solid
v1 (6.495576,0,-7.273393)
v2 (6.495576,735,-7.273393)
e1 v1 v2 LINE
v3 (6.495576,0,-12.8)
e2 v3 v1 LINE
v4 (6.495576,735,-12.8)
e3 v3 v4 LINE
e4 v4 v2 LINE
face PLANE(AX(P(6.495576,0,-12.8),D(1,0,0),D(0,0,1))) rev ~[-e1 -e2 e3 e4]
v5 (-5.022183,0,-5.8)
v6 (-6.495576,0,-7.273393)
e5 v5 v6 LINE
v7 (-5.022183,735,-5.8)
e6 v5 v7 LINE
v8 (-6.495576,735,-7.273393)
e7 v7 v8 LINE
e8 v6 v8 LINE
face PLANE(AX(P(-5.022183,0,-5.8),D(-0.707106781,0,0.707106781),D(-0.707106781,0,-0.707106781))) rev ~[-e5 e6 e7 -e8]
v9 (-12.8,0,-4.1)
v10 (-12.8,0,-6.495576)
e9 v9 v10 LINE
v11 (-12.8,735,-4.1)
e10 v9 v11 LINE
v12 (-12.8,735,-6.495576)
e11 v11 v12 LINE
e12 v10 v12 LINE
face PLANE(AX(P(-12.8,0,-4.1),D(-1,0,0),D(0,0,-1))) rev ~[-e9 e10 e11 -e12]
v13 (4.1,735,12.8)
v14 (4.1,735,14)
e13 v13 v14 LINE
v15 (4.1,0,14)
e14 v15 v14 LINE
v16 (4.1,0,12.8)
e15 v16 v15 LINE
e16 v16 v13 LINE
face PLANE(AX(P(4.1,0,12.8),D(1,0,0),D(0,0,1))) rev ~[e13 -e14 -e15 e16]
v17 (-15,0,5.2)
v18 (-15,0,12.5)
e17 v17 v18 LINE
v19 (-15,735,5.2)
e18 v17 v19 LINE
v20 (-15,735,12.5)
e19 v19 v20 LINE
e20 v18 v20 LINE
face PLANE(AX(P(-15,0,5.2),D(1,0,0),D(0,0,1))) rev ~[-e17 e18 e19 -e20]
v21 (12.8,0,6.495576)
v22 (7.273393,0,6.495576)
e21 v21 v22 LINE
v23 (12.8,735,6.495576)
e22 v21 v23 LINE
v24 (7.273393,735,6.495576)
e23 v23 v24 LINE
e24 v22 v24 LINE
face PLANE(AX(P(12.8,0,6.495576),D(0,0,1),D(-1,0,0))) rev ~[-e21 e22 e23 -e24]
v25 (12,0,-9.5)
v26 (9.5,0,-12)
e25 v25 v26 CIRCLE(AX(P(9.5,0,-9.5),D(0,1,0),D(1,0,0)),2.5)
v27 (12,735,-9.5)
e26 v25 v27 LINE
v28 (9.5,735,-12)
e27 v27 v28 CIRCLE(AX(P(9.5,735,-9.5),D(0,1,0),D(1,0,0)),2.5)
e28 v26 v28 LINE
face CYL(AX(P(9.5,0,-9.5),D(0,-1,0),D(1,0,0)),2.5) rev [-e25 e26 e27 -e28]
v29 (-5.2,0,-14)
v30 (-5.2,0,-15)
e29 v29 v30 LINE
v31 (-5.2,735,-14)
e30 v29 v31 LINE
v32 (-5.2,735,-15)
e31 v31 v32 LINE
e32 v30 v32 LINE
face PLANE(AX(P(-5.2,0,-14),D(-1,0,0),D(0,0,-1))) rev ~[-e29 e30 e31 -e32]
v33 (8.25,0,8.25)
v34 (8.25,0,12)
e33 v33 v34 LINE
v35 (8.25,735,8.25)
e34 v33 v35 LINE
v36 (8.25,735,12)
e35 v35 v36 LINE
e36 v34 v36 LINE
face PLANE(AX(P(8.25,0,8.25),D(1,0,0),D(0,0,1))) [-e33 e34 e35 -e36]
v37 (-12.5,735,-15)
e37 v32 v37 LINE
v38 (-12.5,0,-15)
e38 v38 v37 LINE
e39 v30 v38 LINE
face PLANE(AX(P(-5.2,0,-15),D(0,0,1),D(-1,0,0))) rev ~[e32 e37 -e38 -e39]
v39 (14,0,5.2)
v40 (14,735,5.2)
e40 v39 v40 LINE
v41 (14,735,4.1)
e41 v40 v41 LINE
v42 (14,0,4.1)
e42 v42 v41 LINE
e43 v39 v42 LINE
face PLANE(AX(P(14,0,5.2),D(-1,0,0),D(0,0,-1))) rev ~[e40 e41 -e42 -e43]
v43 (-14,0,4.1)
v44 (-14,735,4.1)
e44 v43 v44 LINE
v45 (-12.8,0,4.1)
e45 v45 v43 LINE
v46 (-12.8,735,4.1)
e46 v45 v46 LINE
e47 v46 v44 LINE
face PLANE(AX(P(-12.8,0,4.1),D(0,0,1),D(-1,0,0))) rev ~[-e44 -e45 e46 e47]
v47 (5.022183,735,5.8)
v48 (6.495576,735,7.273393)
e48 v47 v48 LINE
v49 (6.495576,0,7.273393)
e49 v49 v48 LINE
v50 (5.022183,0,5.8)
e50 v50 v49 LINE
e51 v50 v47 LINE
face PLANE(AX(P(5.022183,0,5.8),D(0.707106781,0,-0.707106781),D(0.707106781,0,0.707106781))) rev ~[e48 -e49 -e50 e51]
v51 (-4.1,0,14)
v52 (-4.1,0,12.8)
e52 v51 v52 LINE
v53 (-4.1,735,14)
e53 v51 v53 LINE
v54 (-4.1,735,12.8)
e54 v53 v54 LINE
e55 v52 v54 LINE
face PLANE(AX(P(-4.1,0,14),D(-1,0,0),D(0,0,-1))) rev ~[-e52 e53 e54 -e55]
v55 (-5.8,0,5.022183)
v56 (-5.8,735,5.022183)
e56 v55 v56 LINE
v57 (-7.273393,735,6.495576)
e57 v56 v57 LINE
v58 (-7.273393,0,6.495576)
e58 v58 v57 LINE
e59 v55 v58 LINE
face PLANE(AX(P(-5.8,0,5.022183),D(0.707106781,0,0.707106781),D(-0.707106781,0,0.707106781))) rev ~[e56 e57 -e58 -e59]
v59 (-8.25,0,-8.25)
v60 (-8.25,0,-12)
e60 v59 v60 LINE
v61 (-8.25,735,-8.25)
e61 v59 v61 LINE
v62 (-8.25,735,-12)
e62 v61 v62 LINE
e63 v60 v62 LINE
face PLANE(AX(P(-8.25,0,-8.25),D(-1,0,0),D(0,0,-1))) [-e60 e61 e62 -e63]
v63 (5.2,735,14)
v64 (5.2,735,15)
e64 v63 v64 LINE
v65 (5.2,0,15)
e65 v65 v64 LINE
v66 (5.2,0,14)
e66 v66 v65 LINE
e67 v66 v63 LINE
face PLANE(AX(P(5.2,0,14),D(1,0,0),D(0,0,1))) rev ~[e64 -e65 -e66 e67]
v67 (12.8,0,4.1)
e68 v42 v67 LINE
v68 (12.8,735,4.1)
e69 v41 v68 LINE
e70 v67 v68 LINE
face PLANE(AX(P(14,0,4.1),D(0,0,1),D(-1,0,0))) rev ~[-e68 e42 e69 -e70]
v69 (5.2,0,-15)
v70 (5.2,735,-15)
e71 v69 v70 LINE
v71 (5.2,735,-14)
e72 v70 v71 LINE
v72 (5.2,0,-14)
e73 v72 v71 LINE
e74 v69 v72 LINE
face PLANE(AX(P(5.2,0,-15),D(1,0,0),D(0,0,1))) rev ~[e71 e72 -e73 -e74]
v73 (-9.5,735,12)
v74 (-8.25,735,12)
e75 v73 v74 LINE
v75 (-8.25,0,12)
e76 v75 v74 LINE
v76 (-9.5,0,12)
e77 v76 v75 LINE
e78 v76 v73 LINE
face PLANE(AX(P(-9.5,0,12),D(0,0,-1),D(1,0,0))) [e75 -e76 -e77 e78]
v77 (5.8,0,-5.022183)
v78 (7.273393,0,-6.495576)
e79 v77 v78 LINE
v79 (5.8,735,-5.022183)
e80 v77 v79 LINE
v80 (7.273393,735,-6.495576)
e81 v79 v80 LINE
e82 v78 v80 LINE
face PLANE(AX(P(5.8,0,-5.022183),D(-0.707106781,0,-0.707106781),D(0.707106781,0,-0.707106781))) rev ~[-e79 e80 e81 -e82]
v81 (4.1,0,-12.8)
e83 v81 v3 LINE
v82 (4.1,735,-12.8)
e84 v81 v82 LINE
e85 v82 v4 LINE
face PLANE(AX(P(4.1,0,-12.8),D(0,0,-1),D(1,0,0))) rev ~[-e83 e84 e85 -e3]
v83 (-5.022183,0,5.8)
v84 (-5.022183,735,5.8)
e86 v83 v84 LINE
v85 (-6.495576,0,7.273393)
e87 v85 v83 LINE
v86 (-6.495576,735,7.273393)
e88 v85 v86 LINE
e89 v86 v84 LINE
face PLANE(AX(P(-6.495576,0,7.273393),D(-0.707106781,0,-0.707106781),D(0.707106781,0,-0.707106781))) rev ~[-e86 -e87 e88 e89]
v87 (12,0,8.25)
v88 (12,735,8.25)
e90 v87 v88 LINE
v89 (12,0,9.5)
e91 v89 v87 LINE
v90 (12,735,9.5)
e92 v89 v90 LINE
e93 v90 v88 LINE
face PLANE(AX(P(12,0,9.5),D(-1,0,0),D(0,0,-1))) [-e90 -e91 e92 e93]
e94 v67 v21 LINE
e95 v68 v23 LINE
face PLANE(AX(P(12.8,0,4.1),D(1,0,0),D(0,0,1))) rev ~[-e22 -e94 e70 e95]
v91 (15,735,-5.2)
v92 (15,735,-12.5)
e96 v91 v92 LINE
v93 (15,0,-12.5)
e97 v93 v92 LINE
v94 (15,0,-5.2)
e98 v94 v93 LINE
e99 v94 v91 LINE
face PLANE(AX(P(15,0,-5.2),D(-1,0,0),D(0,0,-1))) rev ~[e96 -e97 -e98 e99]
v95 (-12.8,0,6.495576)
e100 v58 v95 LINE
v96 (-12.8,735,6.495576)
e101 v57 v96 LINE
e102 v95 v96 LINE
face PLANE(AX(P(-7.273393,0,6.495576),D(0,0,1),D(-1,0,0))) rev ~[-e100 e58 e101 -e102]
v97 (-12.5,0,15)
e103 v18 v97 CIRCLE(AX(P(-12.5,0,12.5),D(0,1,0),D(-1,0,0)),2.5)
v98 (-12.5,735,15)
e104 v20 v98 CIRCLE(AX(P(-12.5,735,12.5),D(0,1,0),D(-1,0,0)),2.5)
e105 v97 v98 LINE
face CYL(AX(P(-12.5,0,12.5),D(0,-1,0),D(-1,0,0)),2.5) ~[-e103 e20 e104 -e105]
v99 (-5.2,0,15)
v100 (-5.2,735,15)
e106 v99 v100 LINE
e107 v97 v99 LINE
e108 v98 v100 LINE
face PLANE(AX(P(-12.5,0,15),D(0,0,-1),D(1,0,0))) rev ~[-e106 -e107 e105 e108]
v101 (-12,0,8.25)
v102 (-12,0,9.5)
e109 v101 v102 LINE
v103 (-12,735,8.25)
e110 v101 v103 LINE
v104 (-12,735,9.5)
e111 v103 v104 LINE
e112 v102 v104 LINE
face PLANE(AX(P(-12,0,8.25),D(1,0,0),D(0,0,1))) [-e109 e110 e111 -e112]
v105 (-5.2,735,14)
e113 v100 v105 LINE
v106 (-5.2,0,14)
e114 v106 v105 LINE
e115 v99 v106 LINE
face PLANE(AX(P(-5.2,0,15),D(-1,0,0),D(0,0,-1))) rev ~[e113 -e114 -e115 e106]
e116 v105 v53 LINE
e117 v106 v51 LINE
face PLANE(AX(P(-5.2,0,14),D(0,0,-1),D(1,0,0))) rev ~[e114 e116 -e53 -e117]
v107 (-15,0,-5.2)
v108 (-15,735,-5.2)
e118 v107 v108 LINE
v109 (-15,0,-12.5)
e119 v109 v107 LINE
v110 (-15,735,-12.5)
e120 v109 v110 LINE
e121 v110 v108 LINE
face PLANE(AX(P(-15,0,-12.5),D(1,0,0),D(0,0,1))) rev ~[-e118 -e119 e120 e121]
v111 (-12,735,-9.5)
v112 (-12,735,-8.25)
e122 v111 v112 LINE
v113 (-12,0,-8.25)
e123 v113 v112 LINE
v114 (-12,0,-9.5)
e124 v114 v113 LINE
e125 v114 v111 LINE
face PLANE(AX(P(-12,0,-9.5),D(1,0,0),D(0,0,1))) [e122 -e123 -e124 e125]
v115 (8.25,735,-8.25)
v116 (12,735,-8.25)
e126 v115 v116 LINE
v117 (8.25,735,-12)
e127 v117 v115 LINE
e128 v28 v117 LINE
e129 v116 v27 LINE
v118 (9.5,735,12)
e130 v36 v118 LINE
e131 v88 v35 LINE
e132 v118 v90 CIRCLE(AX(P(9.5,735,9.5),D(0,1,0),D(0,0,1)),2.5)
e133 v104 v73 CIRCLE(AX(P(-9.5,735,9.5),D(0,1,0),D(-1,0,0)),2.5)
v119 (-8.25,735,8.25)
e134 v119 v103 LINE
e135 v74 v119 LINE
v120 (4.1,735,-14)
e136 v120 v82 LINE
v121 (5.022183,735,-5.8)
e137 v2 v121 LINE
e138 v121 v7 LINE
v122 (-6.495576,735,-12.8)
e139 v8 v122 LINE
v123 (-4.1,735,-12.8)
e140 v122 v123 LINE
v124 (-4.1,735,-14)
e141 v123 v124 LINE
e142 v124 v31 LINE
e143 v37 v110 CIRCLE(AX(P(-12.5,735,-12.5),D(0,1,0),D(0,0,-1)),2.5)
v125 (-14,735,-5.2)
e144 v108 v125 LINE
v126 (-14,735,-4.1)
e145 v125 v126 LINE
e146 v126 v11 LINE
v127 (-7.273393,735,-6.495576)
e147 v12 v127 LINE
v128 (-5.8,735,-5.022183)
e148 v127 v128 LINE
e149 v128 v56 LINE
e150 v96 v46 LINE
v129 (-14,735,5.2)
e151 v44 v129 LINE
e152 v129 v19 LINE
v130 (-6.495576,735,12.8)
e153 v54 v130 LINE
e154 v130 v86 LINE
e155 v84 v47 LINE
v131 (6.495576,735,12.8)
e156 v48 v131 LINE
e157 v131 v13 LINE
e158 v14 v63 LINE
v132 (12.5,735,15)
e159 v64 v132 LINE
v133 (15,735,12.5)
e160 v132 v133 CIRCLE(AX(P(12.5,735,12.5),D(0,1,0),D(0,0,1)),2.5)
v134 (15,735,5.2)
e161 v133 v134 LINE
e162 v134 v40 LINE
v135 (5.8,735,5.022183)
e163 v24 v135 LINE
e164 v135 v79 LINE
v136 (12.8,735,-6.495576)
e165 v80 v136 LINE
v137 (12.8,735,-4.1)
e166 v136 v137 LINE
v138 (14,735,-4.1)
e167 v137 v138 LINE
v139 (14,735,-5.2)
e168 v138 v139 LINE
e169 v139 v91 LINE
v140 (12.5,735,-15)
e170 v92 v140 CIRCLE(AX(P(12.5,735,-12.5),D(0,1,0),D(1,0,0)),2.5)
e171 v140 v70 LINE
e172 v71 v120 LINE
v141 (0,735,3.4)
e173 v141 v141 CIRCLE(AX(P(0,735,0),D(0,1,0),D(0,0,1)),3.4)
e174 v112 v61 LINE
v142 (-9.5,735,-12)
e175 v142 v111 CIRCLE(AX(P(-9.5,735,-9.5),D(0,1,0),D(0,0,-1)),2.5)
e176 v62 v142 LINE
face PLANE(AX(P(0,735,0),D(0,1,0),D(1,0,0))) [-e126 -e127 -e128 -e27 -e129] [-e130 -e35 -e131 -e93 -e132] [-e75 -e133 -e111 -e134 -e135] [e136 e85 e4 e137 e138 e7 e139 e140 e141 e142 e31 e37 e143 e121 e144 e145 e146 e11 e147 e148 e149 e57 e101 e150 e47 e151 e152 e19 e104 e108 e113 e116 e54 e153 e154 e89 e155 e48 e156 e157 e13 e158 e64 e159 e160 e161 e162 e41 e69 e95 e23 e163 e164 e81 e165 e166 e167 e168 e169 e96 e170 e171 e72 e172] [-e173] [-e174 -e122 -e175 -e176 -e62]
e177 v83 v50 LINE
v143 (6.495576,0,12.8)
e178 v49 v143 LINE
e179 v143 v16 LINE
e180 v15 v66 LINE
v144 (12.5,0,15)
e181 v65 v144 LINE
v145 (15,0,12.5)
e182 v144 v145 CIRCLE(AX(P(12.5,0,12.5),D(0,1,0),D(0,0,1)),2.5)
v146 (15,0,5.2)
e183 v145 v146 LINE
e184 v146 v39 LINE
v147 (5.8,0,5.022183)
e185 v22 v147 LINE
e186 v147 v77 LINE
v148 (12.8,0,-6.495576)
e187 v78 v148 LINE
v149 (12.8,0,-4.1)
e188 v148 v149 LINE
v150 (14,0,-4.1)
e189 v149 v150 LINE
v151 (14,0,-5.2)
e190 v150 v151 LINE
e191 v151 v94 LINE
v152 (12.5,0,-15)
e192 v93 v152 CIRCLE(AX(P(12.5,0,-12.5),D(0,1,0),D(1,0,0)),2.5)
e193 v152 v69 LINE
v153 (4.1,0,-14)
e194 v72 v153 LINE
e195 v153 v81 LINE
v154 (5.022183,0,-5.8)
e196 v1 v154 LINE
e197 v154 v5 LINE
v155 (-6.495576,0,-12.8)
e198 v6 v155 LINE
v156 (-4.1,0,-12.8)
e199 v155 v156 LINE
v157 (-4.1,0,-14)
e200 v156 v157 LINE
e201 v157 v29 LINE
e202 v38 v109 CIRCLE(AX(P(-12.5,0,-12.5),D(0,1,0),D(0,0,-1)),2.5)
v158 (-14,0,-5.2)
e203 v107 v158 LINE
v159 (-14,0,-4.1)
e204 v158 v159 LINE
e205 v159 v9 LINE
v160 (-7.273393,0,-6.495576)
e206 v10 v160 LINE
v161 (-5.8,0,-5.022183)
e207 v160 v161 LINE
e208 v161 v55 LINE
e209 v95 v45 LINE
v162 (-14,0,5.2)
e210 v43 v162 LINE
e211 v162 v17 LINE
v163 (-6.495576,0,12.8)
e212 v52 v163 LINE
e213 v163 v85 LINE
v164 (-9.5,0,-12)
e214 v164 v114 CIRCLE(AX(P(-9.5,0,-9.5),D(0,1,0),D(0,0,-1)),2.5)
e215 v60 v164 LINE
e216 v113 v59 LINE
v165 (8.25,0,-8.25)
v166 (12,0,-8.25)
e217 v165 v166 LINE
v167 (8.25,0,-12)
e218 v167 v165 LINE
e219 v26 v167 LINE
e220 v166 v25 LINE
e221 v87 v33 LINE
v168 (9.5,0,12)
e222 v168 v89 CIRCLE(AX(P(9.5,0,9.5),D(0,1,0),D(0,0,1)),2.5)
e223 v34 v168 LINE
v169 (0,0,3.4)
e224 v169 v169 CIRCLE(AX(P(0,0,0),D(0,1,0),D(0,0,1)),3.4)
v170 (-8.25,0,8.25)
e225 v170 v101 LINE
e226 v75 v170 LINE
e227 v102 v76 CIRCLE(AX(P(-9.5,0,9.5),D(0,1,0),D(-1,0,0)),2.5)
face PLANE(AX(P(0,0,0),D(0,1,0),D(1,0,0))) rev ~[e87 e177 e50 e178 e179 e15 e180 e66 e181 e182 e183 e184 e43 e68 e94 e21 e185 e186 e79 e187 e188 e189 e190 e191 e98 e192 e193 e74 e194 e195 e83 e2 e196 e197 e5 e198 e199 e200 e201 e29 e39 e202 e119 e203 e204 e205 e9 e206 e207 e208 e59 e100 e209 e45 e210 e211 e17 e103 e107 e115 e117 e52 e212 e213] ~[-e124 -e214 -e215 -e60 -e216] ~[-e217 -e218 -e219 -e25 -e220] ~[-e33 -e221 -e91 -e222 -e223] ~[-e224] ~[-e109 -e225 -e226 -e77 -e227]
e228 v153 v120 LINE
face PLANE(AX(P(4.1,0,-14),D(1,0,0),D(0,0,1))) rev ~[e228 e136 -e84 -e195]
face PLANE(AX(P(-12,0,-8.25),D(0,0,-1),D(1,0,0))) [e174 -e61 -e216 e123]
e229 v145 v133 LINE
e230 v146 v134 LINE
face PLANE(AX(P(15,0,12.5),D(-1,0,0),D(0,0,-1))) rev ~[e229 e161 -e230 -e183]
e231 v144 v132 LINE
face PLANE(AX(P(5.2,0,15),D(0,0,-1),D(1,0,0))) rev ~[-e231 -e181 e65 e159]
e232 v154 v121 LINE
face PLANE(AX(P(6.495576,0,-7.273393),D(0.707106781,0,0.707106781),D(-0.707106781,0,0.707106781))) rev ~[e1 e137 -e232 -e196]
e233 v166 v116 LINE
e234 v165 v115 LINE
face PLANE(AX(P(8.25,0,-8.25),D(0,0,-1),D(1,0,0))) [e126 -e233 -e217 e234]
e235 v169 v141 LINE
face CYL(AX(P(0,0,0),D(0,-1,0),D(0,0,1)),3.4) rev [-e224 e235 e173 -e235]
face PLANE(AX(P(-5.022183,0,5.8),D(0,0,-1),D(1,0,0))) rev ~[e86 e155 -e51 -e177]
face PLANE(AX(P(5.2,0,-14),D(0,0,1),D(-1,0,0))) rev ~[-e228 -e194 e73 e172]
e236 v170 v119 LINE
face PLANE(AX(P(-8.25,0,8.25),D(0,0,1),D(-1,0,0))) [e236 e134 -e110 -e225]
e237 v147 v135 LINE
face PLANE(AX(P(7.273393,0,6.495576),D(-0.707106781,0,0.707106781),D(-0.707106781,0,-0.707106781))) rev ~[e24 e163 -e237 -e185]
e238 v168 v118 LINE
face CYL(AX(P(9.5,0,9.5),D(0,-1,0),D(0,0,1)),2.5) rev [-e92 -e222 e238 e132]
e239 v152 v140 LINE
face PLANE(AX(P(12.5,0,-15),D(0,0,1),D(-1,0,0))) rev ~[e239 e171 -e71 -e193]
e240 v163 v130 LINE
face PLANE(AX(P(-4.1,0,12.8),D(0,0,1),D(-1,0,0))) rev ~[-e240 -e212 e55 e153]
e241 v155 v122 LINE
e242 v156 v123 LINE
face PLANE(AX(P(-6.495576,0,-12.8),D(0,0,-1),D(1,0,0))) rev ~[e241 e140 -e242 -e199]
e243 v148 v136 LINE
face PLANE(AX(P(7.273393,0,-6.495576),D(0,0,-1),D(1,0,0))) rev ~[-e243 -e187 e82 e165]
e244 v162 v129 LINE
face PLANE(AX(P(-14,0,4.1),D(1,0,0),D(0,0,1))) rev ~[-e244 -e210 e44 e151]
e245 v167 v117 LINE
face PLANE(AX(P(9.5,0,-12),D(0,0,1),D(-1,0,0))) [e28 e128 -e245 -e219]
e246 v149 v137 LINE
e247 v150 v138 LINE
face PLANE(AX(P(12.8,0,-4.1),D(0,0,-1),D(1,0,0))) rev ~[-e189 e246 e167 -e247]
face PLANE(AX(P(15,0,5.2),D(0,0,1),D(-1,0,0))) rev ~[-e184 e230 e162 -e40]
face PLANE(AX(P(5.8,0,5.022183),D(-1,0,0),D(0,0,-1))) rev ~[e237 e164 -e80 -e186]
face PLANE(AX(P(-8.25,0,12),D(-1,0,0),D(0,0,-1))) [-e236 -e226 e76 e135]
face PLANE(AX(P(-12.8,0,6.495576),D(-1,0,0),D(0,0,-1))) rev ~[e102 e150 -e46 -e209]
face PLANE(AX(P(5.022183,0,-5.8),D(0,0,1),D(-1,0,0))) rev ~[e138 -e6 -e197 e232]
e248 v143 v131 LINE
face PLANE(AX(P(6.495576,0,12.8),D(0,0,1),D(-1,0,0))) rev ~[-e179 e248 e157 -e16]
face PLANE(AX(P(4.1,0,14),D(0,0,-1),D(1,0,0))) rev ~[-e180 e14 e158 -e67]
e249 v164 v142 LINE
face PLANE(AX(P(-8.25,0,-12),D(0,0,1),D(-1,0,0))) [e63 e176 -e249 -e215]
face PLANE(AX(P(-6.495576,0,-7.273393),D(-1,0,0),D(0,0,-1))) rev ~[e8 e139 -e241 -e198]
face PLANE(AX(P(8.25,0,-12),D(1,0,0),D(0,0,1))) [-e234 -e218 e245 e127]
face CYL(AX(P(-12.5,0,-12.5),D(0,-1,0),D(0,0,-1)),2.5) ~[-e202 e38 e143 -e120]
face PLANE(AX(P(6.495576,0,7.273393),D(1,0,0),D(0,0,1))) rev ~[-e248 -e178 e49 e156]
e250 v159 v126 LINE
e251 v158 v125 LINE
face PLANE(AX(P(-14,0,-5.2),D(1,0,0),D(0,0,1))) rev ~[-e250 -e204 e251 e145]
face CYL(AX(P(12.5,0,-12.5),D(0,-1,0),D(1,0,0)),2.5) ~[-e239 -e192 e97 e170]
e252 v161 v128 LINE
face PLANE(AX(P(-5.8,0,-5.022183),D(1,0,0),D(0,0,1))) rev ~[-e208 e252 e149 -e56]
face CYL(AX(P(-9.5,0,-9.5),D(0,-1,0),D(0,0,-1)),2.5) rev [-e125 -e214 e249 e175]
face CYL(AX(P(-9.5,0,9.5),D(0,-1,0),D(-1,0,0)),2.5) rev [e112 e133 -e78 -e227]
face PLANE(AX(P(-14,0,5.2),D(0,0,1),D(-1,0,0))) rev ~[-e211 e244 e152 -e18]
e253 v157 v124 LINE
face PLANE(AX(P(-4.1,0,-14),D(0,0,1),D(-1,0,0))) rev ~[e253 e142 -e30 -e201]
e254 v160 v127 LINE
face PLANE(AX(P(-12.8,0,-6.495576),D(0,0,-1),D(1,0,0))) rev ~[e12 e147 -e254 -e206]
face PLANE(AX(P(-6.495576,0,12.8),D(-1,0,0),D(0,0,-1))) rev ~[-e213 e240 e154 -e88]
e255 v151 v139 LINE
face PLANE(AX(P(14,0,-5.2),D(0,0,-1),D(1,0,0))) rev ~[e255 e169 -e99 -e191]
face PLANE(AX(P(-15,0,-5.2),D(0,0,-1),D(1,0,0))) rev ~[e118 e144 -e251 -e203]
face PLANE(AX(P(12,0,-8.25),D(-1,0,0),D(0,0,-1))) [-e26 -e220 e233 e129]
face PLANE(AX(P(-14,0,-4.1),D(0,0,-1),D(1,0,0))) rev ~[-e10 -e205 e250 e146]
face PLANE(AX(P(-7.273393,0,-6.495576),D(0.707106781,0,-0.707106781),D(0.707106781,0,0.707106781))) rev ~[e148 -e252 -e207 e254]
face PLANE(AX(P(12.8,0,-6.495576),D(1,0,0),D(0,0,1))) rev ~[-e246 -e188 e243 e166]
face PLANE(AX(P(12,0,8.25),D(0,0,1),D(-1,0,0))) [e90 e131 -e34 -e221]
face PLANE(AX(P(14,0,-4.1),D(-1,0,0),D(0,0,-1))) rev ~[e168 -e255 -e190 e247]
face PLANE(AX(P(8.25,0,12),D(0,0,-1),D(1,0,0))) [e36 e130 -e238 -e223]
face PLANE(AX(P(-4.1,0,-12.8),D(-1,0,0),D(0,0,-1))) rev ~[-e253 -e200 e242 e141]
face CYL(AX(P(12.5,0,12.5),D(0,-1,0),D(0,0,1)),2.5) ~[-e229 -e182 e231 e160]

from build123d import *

# Parameters (mm, degrees)
SKETCH_1_R      = 3.4
EXTRUDE_1_DEPTH = 735


with BuildPart() as part:
    # 草图1 → 凸台-拉伸1 (new body)
    with BuildSketch(Plane(origin=(0, 0, 0), x_dir=(1, 0, 0), z_dir=(0, 1, 0))):
        with BuildLine():
            Line((-12.8, 4.1), (-12.8, 6.495575748))
            Line((-12.8, 6.495575748), (-7.273393207, 6.495575748))
            Line((-7.273393207, 6.495575748), (-5.8, 5.022182541))
            Line((-5.8, 5.022182541), (-5.8, 0))
            Line((-5.8, 0), (-5.8, -5.022182541))
            Line((-5.8, -5.022182541), (-7.273393207, -6.495575748))
            Line((-7.273393207, -6.495575748), (-12.8, -6.495575748))
            Line((-12.8, -6.495575748), (-12.8, -4.1))
            Line((-12.8, -4.1), (-14, -4.1))
            Line((-14, -4.1), (-14, -5.2))
            Line((-14, -5.2), (-15, -5.2))
            Line((-15, -5.2), (-15, -12.5))
            ThreePointArc((-15, -12.5), (-14.267766953, -14.267766953), (-12.5, -15))
            Line((-12.5, -15), (-5.2, -15))
            Line((-5.2, -15), (-5.2, -14))
            Line((-5.2, -14), (-4.1, -14))
            Line((-4.1, -14), (-4.1, -12.8))
            Line((-4.1, -12.8), (-6.495575748, -12.8))
            Line((-6.495575748, -12.8), (-6.495575748, -7.273393207))
            Line((-6.495575748, -7.273393207), (-5.022182541, -5.8))
            Line((-5.022182541, -5.8), (0, -5.8))
            Line((0, -5.8), (5.022182541, -5.8))
            Line((5.022182541, -5.8), (6.495575748, -7.273393207))
            Line((6.495575748, -7.273393207), (6.495575748, -12.8))
            Line((6.495575748, -12.8), (4.1, -12.8))
            Line((4.1, -12.8), (4.1, -14))
            Line((4.1, -14), (5.2, -14))
            Line((5.2, -14), (5.2, -15))
            Line((5.2, -15), (12.5, -15))
            ThreePointArc((12.5, -15), (14.267766953, -14.267766953), (15, -12.5))
            Line((15, -12.5), (15, -5.2))
            Line((15, -5.2), (14, -5.2))
            Line((14, -5.2), (14, -4.1))
            Line((14, -4.1), (12.8, -4.1))
            Line((12.8, -4.1), (12.8, -6.495575748))
            Line((12.8, -6.495575748), (7.273393207, -6.495575748))
            Line((7.273393207, -6.495575748), (5.8, -5.022182541))
            Line((5.8, -5.022182541), (5.8, 0))
            Line((5.8, 0), (5.8, 5.022182541))
            Line((5.8, 5.022182541), (7.273393207, 6.495575748))
            Line((7.273393207, 6.495575748), (12.8, 6.495575748))
            Line((12.8, 6.495575748), (12.8, 4.1))
            Line((12.8, 4.1), (14, 4.1))
            Line((14, 4.1), (14, 5.2))
            Line((14, 5.2), (15, 5.2))
            Line((15, 5.2), (15, 12.5))
            ThreePointArc((15, 12.5), (14.267766953, 14.267766953), (12.5, 15))
            Line((12.5, 15), (5.2, 15))
            Line((5.2, 15), (5.2, 14))
            Line((5.2, 14), (4.1, 14))
            Line((4.1, 14), (4.1, 12.8))
            Line((4.1, 12.8), (6.495575748, 12.8))
            Line((6.495575748, 12.8), (6.495575748, 7.273393207))
            Line((6.495575748, 7.273393207), (5.022182541, 5.8))
            Line((5.022182541, 5.8), (0, 5.8))
            Line((0, 5.8), (-5.022182541, 5.8))
            Line((-5.022182541, 5.8), (-6.495575748, 7.273393207))
            Line((-6.495575748, 7.273393207), (-6.495575748, 12.8))
            Line((-6.495575748, 12.8), (-4.1, 12.8))
            Line((-4.1, 12.8), (-4.1, 14))
            Line((-4.1, 14), (-5.2, 14))
            Line((-5.2, 14), (-5.2, 15))
            Line((-5.2, 15), (-12.5, 15))
            ThreePointArc((-12.5, 15), (-14.267766953, 14.267766953), (-15, 12.5))
            Line((-15, 12.5), (-15, 5.2))
            Line((-15, 5.2), (-14, 5.2))
            Line((-14, 5.2), (-14, 4.1))
            Line((-14, 4.1), (-12.8, 4.1))
        make_face()
        with Locations(Location((0, 0, 0), (0, 0, 270))):
            Circle(SKETCH_1_R, mode=Mode.SUBTRACT)
        with BuildLine():
            Line((-12, 9.5), (-12, 8.25))
            Line((-12, 8.25), (-8.25, 8.25))
            Line((-8.25, 8.25), (-8.25, 12))
            Line((-8.25, 12), (-9.5, 12))
            ThreePointArc((-9.5, 12), (-11.267766953, 11.267766953), (-12, 9.5))
        make_face(mode=Mode.SUBTRACT)
        with BuildLine():
            Line((9.5, 12), (8.25, 12))
            Line((8.25, 12), (8.25, 8.25))
            Line((8.25, 8.25), (12, 8.25))
            Line((12, 8.25), (12, 9.5))
            ThreePointArc((12, 9.5), (11.267766953, 11.267766953), (9.5, 12))
        make_face(mode=Mode.SUBTRACT)
        with BuildLine():
            Line((12, -9.5), (12, -8.25))
            Line((12, -8.25), (8.25, -8.25))
            Line((8.25, -8.25), (8.25, -12))
            Line((8.25, -12), (9.5, -12))
            ThreePointArc((9.5, -12), (11.267766953, -11.267766953), (12, -9.5))
        make_face(mode=Mode.SUBTRACT)
        with BuildLine():
            Line((-9.5, -12), (-8.25, -12))
            Line((-8.25, -12), (-8.25, -8.25))
            Line((-8.25, -8.25), (-12, -8.25))
            Line((-12, -8.25), (-12, -9.5))
            ThreePointArc((-12, -9.5), (-11.267766953, -11.267766953), (-9.5, -12))
        make_face(mode=Mode.SUBTRACT)
    extrude(amount=EXTRUDE_1_DEPTH)


solid = part.part
